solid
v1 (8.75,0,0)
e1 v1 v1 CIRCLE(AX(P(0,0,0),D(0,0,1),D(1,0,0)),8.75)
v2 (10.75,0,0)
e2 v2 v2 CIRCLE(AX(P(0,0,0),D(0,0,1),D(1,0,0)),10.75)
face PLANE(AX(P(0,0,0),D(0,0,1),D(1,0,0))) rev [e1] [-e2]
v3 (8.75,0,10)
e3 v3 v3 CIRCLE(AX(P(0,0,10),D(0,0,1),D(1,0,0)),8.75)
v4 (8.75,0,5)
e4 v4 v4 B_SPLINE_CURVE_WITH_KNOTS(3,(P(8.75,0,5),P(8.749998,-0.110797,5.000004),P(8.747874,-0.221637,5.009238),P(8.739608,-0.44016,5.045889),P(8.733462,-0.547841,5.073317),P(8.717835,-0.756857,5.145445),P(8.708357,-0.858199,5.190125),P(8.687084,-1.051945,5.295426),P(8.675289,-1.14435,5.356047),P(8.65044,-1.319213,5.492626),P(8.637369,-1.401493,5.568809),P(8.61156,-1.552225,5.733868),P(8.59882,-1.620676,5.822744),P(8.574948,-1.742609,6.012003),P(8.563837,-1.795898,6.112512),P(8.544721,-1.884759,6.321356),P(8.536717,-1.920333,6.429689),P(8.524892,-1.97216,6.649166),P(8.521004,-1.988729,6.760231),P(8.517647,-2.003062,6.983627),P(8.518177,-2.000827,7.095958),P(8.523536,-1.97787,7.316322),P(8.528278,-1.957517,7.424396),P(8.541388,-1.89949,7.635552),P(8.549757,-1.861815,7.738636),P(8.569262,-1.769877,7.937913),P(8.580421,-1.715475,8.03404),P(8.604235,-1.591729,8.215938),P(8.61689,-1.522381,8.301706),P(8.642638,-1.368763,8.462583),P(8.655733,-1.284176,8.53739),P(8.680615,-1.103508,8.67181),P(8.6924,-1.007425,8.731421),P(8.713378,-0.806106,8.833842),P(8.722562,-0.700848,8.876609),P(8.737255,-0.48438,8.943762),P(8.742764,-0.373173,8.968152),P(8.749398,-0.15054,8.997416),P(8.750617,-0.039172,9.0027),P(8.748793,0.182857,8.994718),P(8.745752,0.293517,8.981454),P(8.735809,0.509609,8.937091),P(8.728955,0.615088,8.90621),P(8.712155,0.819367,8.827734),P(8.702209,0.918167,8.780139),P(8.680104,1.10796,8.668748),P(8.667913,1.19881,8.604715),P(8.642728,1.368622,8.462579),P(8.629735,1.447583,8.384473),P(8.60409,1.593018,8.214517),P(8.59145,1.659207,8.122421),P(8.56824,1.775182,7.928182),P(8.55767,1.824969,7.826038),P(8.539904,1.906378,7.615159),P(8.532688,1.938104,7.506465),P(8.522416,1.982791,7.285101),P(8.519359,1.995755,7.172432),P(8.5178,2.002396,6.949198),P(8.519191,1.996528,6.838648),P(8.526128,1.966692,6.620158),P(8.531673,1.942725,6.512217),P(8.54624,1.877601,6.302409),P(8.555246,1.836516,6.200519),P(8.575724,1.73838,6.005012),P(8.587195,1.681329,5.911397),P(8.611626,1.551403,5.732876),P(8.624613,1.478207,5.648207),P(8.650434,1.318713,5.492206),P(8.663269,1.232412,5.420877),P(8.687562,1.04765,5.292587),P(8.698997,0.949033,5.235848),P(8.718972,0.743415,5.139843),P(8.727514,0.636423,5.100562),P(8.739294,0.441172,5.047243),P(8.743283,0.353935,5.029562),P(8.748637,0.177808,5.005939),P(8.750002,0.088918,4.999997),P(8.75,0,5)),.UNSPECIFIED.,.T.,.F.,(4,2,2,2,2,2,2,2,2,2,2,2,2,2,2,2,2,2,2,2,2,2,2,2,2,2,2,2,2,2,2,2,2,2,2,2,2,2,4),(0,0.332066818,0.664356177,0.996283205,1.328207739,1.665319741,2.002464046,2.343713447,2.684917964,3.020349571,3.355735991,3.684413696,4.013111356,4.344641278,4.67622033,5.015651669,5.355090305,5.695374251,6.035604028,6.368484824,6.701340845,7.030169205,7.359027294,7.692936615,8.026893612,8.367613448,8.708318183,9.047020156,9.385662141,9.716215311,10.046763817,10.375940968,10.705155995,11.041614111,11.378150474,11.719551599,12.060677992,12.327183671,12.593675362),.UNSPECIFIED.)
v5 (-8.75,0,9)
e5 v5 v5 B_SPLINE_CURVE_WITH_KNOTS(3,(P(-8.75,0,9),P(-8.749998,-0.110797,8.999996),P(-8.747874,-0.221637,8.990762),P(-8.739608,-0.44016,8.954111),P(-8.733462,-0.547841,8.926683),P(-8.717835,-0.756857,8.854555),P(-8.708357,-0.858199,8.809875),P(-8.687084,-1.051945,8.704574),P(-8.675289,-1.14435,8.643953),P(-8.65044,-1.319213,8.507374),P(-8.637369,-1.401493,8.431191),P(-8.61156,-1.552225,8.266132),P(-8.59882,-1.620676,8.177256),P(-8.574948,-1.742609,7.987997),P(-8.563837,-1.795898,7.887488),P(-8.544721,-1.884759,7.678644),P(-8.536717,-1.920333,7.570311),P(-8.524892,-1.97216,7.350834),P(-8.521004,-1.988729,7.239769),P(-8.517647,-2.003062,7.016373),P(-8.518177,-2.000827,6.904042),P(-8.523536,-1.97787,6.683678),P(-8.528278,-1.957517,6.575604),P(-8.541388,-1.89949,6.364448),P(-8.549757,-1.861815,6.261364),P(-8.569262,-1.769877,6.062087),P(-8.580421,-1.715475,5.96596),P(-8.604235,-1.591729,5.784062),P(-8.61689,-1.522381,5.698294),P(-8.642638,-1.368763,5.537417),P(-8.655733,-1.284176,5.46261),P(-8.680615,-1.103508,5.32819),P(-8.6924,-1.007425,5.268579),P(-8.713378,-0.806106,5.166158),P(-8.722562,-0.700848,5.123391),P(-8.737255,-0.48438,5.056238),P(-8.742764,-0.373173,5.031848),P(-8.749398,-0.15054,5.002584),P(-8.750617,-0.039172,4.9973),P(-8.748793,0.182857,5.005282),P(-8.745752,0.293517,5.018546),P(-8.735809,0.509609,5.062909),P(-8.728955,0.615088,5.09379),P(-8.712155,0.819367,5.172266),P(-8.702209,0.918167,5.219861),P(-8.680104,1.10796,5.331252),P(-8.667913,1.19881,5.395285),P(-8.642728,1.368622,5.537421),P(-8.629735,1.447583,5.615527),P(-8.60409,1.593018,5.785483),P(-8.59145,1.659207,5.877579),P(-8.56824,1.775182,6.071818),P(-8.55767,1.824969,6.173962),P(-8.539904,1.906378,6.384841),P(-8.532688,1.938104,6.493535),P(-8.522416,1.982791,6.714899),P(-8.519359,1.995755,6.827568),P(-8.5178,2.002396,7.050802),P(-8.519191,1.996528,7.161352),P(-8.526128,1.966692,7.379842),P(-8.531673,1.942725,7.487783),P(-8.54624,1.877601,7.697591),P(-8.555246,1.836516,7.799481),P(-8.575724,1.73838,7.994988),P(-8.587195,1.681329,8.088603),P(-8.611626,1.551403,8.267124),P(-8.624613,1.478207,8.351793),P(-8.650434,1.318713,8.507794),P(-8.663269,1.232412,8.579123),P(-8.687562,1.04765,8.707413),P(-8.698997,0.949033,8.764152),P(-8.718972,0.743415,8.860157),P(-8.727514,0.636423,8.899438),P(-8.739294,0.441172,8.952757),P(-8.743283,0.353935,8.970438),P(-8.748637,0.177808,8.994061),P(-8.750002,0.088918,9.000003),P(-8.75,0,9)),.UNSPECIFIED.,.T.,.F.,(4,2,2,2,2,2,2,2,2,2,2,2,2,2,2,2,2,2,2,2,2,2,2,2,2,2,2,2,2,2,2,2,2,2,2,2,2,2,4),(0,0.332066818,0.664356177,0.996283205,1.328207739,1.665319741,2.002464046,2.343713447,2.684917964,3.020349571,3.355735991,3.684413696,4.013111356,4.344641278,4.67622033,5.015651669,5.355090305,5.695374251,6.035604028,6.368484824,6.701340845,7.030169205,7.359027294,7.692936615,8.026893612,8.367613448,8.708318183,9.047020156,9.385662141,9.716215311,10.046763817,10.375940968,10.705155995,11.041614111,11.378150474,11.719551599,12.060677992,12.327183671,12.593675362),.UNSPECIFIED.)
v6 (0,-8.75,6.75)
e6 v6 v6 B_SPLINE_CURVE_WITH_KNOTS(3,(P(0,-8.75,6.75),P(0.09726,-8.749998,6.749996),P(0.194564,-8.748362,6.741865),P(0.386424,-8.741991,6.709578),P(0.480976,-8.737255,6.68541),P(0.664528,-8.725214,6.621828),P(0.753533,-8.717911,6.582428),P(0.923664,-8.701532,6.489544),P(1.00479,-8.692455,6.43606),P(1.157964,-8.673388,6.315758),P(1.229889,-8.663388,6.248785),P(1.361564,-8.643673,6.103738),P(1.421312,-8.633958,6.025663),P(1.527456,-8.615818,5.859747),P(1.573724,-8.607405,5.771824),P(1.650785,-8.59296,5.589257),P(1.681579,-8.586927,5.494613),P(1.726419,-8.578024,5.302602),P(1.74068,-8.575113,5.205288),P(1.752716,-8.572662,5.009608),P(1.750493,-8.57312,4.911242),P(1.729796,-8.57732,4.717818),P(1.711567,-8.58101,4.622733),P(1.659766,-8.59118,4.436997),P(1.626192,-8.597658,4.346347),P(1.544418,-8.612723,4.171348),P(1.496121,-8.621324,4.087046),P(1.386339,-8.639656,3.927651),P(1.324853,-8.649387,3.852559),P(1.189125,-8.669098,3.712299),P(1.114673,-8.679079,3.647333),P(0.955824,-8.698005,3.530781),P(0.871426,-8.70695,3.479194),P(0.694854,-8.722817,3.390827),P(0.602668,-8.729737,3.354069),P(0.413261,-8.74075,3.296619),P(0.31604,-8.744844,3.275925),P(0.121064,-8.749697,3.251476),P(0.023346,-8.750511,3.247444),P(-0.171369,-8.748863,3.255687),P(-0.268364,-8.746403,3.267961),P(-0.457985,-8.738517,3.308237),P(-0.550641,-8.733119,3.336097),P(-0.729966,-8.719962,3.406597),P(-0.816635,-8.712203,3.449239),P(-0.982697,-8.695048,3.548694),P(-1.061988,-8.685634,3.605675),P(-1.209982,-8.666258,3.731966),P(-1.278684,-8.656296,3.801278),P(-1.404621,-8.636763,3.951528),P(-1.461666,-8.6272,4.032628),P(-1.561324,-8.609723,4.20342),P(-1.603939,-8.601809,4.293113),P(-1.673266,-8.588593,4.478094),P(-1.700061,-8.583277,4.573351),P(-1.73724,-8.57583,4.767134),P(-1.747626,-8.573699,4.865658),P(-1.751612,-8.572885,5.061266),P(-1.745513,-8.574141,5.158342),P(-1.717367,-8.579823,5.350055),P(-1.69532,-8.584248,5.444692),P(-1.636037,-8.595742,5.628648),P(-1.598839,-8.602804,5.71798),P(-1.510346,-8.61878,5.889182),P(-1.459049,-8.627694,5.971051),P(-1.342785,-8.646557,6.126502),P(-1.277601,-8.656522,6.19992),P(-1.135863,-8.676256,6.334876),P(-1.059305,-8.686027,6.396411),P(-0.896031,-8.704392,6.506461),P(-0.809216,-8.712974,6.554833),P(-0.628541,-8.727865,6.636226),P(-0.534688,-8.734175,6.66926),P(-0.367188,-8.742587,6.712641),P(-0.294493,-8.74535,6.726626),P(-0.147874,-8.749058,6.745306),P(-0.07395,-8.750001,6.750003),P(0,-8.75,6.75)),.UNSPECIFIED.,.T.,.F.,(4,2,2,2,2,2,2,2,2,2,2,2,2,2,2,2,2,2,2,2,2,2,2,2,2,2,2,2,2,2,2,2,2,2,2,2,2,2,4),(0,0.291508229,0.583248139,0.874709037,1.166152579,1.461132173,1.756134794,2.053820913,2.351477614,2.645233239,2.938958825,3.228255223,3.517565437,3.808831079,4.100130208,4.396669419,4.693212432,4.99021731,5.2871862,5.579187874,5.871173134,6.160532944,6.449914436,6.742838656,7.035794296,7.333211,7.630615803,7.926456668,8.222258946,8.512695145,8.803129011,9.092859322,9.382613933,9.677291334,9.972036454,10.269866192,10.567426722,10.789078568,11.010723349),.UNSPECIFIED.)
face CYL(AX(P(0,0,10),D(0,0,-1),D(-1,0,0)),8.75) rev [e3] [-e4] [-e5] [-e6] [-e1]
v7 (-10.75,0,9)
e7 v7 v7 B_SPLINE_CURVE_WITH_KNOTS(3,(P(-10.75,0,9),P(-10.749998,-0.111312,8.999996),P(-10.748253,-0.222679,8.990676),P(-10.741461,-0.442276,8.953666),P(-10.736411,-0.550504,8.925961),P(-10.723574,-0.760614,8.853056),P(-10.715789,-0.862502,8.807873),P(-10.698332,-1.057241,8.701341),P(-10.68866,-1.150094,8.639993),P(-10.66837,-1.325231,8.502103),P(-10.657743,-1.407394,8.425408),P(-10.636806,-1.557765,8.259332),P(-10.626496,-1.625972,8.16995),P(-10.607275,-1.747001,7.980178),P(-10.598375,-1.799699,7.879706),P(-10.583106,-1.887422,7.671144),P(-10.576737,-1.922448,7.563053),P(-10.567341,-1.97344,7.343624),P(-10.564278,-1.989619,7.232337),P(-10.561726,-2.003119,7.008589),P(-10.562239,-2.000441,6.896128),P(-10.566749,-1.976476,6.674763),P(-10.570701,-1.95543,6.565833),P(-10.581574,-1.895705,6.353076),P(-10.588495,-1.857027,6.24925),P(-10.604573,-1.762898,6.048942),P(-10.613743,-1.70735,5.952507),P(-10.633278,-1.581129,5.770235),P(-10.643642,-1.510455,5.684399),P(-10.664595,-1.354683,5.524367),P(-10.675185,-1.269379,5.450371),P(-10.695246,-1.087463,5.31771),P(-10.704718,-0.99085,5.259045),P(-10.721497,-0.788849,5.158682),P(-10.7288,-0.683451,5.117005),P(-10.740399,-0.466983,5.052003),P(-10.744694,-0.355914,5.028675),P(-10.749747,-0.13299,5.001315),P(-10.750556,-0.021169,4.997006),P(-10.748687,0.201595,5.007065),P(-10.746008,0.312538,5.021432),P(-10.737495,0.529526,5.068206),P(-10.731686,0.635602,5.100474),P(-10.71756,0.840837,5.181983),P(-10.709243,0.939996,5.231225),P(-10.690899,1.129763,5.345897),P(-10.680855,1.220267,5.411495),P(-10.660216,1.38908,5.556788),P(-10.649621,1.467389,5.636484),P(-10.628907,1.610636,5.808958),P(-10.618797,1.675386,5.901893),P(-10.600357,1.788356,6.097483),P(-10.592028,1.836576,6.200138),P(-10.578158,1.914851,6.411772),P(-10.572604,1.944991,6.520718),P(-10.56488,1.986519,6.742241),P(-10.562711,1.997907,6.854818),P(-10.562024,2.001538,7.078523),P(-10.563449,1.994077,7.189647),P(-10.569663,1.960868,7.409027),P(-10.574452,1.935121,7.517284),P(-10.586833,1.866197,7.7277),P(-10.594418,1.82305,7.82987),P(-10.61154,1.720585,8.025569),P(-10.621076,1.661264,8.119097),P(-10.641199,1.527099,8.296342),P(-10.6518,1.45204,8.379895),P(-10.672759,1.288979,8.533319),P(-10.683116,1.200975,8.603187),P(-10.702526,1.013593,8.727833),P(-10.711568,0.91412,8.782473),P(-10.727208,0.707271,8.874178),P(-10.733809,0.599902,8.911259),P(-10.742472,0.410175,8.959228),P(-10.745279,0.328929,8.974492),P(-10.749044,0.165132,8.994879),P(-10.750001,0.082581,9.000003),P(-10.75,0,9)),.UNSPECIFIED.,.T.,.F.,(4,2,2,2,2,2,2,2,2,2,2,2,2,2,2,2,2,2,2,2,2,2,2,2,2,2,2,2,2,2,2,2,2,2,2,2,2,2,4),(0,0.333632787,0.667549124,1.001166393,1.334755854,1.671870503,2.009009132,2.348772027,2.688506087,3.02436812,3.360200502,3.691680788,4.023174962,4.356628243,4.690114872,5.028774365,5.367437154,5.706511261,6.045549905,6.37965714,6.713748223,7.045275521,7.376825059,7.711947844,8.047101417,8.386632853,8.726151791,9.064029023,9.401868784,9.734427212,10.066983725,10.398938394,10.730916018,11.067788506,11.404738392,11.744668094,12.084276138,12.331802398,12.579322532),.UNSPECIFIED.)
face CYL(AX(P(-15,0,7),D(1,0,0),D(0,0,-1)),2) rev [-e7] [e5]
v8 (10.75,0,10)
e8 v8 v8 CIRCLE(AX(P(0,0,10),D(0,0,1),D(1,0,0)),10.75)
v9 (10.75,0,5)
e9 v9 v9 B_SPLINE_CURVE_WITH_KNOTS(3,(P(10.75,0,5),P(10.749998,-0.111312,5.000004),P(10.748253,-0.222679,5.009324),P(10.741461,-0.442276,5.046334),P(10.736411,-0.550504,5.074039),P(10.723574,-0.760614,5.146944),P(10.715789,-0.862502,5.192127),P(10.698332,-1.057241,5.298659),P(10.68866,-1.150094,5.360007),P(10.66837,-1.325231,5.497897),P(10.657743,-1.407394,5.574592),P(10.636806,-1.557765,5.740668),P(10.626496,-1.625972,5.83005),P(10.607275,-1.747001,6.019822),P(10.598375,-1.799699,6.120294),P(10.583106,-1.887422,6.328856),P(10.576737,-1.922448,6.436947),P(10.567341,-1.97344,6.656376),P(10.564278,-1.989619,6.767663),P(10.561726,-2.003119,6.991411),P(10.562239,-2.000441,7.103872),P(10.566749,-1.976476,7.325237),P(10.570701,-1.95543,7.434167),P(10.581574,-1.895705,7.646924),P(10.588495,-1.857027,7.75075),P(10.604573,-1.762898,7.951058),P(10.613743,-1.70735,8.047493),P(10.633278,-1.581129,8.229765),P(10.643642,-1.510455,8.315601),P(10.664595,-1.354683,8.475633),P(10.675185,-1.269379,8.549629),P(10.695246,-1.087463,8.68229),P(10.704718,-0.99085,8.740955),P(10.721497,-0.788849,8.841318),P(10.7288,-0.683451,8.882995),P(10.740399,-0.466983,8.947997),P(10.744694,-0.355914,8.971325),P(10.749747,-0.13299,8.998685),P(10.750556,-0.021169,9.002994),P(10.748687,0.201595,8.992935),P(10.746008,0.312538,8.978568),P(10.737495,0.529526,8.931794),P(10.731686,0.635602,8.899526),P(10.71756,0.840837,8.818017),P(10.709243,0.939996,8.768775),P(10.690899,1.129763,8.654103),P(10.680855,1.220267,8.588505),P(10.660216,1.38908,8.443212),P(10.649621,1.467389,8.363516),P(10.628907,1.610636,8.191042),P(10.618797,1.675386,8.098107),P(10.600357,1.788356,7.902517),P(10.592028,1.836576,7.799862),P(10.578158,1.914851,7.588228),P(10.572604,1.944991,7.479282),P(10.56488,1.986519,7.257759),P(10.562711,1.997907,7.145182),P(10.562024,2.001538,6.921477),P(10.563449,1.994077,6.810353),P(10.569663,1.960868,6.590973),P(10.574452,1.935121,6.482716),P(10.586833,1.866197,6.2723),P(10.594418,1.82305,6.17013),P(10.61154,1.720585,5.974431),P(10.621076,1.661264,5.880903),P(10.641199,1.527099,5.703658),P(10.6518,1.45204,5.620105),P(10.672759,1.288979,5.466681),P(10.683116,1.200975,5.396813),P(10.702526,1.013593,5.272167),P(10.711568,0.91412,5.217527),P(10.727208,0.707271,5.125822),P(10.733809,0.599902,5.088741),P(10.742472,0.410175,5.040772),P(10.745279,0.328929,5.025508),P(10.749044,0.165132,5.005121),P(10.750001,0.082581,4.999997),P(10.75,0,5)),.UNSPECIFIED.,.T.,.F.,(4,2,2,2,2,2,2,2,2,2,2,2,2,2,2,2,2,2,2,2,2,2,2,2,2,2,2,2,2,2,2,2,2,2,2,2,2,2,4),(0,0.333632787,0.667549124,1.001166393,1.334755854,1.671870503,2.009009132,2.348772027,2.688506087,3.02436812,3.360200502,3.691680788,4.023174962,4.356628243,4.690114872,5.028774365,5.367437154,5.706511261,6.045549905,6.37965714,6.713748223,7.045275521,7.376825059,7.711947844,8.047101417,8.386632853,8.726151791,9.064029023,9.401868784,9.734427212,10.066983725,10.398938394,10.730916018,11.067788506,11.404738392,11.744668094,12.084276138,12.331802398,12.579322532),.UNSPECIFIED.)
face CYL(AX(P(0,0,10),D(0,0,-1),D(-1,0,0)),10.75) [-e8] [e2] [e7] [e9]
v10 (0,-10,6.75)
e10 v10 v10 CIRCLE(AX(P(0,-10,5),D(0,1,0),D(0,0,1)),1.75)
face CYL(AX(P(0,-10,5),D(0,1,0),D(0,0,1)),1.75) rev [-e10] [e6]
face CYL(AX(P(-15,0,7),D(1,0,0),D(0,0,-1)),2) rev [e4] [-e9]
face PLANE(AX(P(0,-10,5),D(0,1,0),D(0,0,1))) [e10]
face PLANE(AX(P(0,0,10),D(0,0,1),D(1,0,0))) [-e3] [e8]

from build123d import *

# Parameters (mm, degrees)
ESQUISSE1_R             = 10.75
ESQUISSE1_R_2           = 8.75
BOSS_EXTRU_1_DEPTH      = 10
ESQUISSE2_R             = 1.75
ENL_V_MAT_EXTRU_1_DEPTH = 10
ESQUISSE3_R             = 2
ENL_V_MAT_EXTRU_2_DEPTH = 15


with BuildPart() as part:
    # Esquisse1 → Boss.-Extru.1 (new body)
    with BuildSketch(Plane.XY):
        Circle(ESQUISSE1_R)
        Circle(ESQUISSE1_R_2, mode=Mode.SUBTRACT)
    extrude(amount=BOSS_EXTRU_1_DEPTH)

    # Esquisse2 → Enlèv. mat.-Extru.1 (cut)
    with BuildSketch(Plane(origin=(0, 0, 0), x_dir=(1, 0, 0), z_dir=(0, 1, 0))):
        with Locations((0, -5)):
            Circle(ESQUISSE2_R)
    extrude(amount=-ENL_V_MAT_EXTRU_1_DEPTH, mode=Mode.SUBTRACT)

    # Esquisse3 → Enlèv. mat.-Extru.2 (cut, symmetric)
    with BuildSketch(Plane(origin=(0, 0, 0), x_dir=(0, 0, -1), z_dir=(1, 0, 0))):
        with Locations((-7, 0)):
            Circle(ESQUISSE3_R)
    extrude(amount=ENL_V_MAT_EXTRU_2_DEPTH, both=True, mode=Mode.SUBTRACT)


solid = part.part
